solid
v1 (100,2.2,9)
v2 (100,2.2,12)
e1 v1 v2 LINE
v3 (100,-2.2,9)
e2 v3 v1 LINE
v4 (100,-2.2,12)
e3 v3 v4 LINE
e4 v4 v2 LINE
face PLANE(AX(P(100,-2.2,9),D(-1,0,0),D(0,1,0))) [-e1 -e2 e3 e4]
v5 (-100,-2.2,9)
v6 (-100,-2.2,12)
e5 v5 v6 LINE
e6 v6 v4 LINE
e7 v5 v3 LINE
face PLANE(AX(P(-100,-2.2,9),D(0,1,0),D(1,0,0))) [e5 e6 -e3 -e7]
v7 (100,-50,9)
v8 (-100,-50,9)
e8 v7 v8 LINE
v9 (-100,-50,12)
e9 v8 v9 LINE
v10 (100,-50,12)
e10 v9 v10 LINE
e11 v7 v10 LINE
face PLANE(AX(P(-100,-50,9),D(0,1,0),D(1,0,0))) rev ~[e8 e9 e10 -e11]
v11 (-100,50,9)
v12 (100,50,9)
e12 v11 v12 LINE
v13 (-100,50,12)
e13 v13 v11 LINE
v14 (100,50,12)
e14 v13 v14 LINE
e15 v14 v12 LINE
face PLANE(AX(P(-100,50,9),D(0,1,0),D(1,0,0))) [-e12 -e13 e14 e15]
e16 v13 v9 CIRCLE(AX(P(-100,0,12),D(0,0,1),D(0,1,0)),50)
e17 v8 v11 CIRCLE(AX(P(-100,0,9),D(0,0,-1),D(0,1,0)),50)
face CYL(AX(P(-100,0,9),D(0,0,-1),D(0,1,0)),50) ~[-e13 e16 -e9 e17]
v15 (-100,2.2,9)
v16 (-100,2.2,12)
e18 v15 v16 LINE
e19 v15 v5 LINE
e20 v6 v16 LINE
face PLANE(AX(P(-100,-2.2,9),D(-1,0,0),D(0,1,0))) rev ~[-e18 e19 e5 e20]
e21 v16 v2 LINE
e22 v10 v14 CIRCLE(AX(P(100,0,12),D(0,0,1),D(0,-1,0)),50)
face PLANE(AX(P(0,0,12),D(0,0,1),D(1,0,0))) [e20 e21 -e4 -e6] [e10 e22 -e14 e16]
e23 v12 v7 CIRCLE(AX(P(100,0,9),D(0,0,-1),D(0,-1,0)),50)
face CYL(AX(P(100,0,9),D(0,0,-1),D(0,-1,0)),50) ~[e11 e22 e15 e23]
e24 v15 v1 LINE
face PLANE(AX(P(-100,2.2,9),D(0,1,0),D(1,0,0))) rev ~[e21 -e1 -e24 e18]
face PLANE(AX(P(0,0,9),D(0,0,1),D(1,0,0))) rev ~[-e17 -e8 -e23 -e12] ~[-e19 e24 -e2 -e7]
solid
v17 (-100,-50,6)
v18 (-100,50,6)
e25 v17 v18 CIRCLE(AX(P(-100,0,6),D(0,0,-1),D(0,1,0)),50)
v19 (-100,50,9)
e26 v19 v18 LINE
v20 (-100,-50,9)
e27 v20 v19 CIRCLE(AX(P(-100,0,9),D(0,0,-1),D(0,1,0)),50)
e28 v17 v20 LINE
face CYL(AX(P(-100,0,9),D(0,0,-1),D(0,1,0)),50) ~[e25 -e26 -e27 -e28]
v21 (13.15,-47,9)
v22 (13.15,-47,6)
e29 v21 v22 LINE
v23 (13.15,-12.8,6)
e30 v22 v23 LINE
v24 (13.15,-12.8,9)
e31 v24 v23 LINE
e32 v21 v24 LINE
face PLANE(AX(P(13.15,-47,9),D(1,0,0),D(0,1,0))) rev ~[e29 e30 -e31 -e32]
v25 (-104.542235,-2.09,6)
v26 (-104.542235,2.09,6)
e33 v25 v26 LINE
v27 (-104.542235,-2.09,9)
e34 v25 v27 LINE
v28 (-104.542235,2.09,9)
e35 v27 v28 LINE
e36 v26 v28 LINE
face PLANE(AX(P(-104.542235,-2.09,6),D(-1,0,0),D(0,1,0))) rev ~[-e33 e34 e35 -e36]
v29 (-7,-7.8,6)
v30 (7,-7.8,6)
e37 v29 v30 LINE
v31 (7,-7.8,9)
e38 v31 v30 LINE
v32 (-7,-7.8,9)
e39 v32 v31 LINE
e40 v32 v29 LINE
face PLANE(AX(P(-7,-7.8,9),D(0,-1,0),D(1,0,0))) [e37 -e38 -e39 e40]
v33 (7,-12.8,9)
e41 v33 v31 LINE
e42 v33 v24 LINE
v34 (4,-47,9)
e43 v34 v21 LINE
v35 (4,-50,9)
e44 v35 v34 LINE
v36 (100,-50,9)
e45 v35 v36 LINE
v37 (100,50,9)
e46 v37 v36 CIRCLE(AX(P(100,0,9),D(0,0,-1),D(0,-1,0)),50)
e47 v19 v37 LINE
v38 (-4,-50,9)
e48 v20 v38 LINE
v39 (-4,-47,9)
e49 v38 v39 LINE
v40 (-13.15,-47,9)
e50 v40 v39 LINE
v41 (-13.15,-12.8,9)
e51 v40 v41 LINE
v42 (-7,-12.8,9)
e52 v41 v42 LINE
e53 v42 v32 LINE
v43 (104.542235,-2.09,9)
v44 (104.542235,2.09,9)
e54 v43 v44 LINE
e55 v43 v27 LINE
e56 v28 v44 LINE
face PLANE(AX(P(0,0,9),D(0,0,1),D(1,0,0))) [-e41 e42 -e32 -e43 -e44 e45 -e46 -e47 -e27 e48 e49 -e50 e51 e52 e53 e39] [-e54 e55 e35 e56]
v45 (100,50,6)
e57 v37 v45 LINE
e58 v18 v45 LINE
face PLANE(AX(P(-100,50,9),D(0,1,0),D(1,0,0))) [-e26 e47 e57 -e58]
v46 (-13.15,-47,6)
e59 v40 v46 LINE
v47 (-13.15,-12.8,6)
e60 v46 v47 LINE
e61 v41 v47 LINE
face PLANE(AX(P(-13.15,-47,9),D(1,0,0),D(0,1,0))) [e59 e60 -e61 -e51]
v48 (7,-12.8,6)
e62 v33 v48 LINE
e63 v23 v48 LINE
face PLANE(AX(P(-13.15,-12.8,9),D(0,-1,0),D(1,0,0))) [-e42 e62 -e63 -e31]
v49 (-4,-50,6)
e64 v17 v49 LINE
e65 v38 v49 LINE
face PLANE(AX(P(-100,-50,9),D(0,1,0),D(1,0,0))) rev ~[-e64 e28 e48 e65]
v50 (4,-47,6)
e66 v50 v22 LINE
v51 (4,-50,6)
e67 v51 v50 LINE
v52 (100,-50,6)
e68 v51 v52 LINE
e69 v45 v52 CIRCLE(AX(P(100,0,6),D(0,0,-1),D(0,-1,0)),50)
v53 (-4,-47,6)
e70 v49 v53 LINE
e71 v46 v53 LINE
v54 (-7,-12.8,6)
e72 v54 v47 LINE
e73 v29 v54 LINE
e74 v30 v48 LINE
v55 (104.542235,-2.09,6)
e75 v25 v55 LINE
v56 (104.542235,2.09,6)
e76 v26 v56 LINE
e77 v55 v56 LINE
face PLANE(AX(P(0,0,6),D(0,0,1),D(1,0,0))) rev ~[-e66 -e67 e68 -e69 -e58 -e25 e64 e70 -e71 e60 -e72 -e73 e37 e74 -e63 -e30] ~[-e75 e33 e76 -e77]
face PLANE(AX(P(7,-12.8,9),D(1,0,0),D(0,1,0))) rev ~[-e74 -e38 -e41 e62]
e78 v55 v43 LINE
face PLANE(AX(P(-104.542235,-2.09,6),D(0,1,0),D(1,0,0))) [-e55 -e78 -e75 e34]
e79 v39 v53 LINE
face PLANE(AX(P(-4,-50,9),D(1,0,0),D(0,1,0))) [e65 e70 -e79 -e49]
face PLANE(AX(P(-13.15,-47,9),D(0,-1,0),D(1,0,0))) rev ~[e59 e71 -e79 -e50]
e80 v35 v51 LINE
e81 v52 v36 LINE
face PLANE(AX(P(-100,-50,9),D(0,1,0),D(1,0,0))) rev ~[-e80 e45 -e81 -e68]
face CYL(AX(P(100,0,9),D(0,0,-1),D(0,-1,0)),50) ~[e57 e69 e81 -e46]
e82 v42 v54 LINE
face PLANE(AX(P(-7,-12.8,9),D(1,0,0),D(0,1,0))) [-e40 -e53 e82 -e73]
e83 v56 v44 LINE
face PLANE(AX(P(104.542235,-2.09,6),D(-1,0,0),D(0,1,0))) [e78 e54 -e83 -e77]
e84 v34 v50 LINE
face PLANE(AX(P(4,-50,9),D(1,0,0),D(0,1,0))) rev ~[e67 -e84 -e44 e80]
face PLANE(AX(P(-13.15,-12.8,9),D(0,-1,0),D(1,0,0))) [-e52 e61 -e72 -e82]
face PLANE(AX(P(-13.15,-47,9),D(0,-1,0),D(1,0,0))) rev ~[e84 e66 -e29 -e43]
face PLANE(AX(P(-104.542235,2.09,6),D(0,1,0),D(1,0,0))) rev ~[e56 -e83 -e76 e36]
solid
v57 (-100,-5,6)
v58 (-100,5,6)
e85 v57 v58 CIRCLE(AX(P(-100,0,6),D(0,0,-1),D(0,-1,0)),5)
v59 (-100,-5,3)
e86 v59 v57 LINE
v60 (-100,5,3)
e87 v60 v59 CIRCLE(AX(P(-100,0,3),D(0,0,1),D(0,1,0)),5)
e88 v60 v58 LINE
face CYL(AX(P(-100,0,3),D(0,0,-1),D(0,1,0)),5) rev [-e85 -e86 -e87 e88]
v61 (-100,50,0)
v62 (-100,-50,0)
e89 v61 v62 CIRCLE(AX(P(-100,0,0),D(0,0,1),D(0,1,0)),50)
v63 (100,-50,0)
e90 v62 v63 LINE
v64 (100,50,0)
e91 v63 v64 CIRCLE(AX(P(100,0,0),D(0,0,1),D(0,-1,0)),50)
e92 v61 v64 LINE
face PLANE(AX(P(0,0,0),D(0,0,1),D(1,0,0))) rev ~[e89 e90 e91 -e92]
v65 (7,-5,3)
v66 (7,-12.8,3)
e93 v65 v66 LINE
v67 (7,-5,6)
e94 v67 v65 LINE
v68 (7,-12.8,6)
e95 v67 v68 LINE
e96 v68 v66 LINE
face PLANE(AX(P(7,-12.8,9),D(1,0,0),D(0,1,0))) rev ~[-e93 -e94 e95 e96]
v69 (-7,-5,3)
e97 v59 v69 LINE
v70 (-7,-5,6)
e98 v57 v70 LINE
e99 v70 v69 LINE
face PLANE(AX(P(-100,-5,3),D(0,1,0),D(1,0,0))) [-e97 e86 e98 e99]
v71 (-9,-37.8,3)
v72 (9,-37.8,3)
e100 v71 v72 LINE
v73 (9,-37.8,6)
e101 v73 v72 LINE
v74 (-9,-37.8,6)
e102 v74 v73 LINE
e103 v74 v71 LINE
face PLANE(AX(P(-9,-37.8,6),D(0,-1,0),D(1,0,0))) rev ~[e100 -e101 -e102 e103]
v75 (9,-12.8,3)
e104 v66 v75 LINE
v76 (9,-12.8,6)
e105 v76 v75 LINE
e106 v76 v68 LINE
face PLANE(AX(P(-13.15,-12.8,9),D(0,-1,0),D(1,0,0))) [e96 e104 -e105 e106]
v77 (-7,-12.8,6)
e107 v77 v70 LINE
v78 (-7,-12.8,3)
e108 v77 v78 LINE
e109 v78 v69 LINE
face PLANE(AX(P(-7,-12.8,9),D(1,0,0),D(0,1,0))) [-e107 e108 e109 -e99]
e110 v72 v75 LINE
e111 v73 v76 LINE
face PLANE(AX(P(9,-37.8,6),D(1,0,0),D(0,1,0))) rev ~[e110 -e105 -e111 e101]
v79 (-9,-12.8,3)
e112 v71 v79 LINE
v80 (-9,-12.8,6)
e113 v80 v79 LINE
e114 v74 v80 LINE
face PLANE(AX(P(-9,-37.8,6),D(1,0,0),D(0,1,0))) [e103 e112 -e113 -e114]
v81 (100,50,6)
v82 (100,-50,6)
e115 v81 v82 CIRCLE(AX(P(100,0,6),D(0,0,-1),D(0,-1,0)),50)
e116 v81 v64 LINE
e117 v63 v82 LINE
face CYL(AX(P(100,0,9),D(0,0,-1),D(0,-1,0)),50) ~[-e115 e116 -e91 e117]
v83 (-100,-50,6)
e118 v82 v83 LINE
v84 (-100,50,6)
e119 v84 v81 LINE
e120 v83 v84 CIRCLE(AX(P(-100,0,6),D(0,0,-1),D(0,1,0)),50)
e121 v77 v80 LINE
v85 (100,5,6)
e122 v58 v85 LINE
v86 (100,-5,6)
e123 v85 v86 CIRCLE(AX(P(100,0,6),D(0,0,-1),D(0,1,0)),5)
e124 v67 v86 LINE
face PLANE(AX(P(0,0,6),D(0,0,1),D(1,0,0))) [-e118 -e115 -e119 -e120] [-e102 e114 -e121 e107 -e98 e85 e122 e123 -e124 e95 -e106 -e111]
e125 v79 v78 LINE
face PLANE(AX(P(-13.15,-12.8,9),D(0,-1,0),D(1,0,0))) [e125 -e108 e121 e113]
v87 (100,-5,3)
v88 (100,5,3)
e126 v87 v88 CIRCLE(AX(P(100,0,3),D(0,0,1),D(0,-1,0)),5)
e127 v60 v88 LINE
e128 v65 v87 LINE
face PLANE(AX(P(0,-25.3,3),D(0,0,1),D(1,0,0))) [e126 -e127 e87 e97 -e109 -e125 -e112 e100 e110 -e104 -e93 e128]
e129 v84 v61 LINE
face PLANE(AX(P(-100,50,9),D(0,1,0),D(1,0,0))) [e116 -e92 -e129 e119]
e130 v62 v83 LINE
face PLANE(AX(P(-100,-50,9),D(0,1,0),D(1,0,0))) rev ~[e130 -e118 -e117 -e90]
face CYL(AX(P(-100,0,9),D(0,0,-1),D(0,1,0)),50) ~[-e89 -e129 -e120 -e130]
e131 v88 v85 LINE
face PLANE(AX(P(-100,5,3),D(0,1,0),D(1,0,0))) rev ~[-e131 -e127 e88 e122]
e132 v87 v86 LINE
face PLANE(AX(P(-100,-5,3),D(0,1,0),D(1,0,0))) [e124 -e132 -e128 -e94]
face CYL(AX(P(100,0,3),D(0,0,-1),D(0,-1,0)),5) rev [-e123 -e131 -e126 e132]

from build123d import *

# Parameters (mm, degrees)
BOX_BOTTOM_HALF_0_W     = 301.98633
BOX_BOTTOM_HALF_0_H     = 102
BOX_BOTTOM_HALF_0_DEPTH = 7
PAD_DEPTH               = 3
PAD001_DEPTH            = 3
SKETCH002_W             = 209.08447
SKETCH002_H             = 4.18
PAD002_DEPTH            = 3
SKETCH003_W             = 26.3
SKETCH003_H             = 34.2
POCKET_DEPTH            = 3
SKETCH004_W             = 18
SKETCH004_H             = 25
POCKET001_DEPTH         = 3
SKETCH005_W             = 14
SKETCH005_H             = 5
POCKET002_DEPTH         = 6
SKETCH006_W             = 14
SKETCH006_H             = 3
POCKET003_DEPTH         = 3
SKETCH007_W             = 8
SKETCH007_H             = 3
POCKET004_DEPTH         = 3
SKETCH008_W             = 200
SKETCH008_H             = 4.4
PAD003_DEPTH            = 3
BOX_BOTTOM_HALF_1_W     = 301.98633
BOX_BOTTOM_HALF_1_H     = 102
BOX_BOTTOM_HALF_1_DEPTH = 4


with BuildPart() as box_bottom_half_0_body:
    # box_bottom_half_0 → box_bottom_half_0 (new body)
    with BuildSketch(Plane(origin=(-150.993165, -51, -1), x_dir=(1, 0, 0), z_dir=(0, 0, 1))):
        with Locations((150.993165, 51)):
            Rectangle(BOX_BOTTOM_HALF_0_W, BOX_BOTTOM_HALF_0_H)
    extrude(amount=BOX_BOTTOM_HALF_0_DEPTH)


with BuildPart() as body:
    # Sketch → Pad (new body)
    with BuildSketch(Plane.XY):
        with BuildLine():
            ThreePointArc((-100, 50), (-150, 0), (-100, -50))
            Line((-100, -50), (100, -50))
            ThreePointArc((100, -50), (150, 0), (100, 50))
            Line((-100, 50), (100, 50))
        make_face()
    extrude(amount=PAD_DEPTH)

    # Sketch001 (on Face6 of Pad) → Pad001 (join)
    with BuildSketch(Plane.XY.offset(3)):
        with BuildLine():
            ThreePointArc((-100, 50), (-150, 0), (-100, -50))
            Line((-100, -50), (100, -50))
            ThreePointArc((100, -50), (150, 0), (100, 50))
            Line((-100, 50), (100, 50))
        make_face()
        with BuildLine():
            ThreePointArc((-100, 5), (-105, 0), (-100, -5))
            Line((-100, -5), (100, -5))
            ThreePointArc((100, -5), (105, 0), (100, 5))
            Line((-100, 5), (100, 5))
        make_face(mode=Mode.SUBTRACT)
    extrude(amount=PAD001_DEPTH)

    # Sketch002 (on Face9 of Pad001) → Pad002 (join)
    with BuildSketch(Plane.XY.offset(6)):
        with BuildLine():
            ThreePointArc((-100, 50), (-150, 0), (-100, -50))
            Line((-100, -50), (100, -50))
            ThreePointArc((100, -50), (150, 0), (100, 50))
            Line((-100, 50), (100, 50))
        make_face()
        Rectangle(SKETCH002_W, SKETCH002_H, mode=Mode.SUBTRACT)
    extrude(amount=PAD002_DEPTH)

    # Sketch003 (on Face13 of Pad002) → Pocket (cut)
    with BuildSketch(Plane.XY.offset(9)):
        with Locations((0, -29.9)):
            Rectangle(SKETCH003_W, SKETCH003_H)
    extrude(amount=-POCKET_DEPTH, mode=Mode.SUBTRACT)

    # Sketch004 (on Face27 of Pocket) → Pocket001 (cut)
    with BuildSketch(Plane.XY.offset(6)):
        with Locations((0, -25.3)):
            Rectangle(SKETCH004_W, SKETCH004_H)
    extrude(amount=-POCKET001_DEPTH, mode=Mode.SUBTRACT)

    # Sketch005 (on Face13 of Pocket001) → Pocket002 (cut)
    with BuildSketch(Plane.XY.offset(9)):
        with Locations((0, -10.3)):
            Rectangle(SKETCH005_W, SKETCH005_H)
    extrude(amount=-POCKET002_DEPTH, mode=Mode.SUBTRACT)

    # Sketch006 (on Face23 of Pocket002) → Pocket003 (cut)
    with BuildSketch(Plane.XZ.offset(7.8)):
        with Locations((0, 4.5)):
            Rectangle(SKETCH006_W, SKETCH006_H)
    extrude(amount=-POCKET003_DEPTH, mode=Mode.SUBTRACT)

    # Sketch007 (on Face13 of Pocket003) → Pocket004 (cut)
    with BuildSketch(Plane.XY.offset(9)):
        with Locations((0, -48.5)):
            Rectangle(SKETCH007_W, SKETCH007_H)
    extrude(amount=-POCKET004_DEPTH, mode=Mode.SUBTRACT)

    # Sketch008 (on Face15 of Pocket004) → Pad003 (join)
    with BuildSketch(Plane.XY.offset(9)):
        with BuildLine():
            ThreePointArc((-100, 50), (-150, 0), (-100, -50))
            Line((-100, -50), (100, -50))
            ThreePointArc((100, -50), (150, 0), (100, 50))
            Line((-100, 50), (100, 50))
        make_face()
        Rectangle(SKETCH008_W, SKETCH008_H, mode=Mode.SUBTRACT)
    extrude(amount=PAD003_DEPTH)


with BuildPart() as bottom_half_0_body:
    # bottom_half_0 base: copy of Body
    add(body.part)

    # bottom_half_0: intersect box_bottom_half_0 body
    add(box_bottom_half_0_body.part, mode=Mode.INTERSECT)


with BuildPart() as box_bottom_half_1_body:
    # box_bottom_half_1 → box_bottom_half_1 (new body)
    with BuildSketch(Plane(origin=(-150.993165, -51, 5), x_dir=(1, 0, 0), z_dir=(0, 0, 1))):
        with Locations((150.993165, 51)):
            Rectangle(BOX_BOTTOM_HALF_1_W, BOX_BOTTOM_HALF_1_H)
    extrude(amount=BOX_BOTTOM_HALF_1_DEPTH)


with BuildPart() as top_half_0_body:
    # top_half_0 base: copy of Body
    add(body.part)

    # top_half_0: cut box_bottom_half_0 body
    add(box_bottom_half_0_body.part, mode=Mode.SUBTRACT)


with BuildPart() as bottom_half_1_body:
    # bottom_half_1 base: copy of top_half_0 body
    add(top_half_0_body.part)

    # bottom_half_1: intersect box_bottom_half_1 body
    add(box_bottom_half_1_body.part, mode=Mode.INTERSECT)


with BuildPart() as top_half_1_body:
    # top_half_1 base: copy of top_half_0 body
    add(top_half_0_body.part)

    # top_half_1: cut box_bottom_half_1 body
    add(box_bottom_half_1_body.part, mode=Mode.SUBTRACT)


solid = Compound([bottom_half_0_body.part, bottom_half_1_body.part, top_half_1_body.part])
